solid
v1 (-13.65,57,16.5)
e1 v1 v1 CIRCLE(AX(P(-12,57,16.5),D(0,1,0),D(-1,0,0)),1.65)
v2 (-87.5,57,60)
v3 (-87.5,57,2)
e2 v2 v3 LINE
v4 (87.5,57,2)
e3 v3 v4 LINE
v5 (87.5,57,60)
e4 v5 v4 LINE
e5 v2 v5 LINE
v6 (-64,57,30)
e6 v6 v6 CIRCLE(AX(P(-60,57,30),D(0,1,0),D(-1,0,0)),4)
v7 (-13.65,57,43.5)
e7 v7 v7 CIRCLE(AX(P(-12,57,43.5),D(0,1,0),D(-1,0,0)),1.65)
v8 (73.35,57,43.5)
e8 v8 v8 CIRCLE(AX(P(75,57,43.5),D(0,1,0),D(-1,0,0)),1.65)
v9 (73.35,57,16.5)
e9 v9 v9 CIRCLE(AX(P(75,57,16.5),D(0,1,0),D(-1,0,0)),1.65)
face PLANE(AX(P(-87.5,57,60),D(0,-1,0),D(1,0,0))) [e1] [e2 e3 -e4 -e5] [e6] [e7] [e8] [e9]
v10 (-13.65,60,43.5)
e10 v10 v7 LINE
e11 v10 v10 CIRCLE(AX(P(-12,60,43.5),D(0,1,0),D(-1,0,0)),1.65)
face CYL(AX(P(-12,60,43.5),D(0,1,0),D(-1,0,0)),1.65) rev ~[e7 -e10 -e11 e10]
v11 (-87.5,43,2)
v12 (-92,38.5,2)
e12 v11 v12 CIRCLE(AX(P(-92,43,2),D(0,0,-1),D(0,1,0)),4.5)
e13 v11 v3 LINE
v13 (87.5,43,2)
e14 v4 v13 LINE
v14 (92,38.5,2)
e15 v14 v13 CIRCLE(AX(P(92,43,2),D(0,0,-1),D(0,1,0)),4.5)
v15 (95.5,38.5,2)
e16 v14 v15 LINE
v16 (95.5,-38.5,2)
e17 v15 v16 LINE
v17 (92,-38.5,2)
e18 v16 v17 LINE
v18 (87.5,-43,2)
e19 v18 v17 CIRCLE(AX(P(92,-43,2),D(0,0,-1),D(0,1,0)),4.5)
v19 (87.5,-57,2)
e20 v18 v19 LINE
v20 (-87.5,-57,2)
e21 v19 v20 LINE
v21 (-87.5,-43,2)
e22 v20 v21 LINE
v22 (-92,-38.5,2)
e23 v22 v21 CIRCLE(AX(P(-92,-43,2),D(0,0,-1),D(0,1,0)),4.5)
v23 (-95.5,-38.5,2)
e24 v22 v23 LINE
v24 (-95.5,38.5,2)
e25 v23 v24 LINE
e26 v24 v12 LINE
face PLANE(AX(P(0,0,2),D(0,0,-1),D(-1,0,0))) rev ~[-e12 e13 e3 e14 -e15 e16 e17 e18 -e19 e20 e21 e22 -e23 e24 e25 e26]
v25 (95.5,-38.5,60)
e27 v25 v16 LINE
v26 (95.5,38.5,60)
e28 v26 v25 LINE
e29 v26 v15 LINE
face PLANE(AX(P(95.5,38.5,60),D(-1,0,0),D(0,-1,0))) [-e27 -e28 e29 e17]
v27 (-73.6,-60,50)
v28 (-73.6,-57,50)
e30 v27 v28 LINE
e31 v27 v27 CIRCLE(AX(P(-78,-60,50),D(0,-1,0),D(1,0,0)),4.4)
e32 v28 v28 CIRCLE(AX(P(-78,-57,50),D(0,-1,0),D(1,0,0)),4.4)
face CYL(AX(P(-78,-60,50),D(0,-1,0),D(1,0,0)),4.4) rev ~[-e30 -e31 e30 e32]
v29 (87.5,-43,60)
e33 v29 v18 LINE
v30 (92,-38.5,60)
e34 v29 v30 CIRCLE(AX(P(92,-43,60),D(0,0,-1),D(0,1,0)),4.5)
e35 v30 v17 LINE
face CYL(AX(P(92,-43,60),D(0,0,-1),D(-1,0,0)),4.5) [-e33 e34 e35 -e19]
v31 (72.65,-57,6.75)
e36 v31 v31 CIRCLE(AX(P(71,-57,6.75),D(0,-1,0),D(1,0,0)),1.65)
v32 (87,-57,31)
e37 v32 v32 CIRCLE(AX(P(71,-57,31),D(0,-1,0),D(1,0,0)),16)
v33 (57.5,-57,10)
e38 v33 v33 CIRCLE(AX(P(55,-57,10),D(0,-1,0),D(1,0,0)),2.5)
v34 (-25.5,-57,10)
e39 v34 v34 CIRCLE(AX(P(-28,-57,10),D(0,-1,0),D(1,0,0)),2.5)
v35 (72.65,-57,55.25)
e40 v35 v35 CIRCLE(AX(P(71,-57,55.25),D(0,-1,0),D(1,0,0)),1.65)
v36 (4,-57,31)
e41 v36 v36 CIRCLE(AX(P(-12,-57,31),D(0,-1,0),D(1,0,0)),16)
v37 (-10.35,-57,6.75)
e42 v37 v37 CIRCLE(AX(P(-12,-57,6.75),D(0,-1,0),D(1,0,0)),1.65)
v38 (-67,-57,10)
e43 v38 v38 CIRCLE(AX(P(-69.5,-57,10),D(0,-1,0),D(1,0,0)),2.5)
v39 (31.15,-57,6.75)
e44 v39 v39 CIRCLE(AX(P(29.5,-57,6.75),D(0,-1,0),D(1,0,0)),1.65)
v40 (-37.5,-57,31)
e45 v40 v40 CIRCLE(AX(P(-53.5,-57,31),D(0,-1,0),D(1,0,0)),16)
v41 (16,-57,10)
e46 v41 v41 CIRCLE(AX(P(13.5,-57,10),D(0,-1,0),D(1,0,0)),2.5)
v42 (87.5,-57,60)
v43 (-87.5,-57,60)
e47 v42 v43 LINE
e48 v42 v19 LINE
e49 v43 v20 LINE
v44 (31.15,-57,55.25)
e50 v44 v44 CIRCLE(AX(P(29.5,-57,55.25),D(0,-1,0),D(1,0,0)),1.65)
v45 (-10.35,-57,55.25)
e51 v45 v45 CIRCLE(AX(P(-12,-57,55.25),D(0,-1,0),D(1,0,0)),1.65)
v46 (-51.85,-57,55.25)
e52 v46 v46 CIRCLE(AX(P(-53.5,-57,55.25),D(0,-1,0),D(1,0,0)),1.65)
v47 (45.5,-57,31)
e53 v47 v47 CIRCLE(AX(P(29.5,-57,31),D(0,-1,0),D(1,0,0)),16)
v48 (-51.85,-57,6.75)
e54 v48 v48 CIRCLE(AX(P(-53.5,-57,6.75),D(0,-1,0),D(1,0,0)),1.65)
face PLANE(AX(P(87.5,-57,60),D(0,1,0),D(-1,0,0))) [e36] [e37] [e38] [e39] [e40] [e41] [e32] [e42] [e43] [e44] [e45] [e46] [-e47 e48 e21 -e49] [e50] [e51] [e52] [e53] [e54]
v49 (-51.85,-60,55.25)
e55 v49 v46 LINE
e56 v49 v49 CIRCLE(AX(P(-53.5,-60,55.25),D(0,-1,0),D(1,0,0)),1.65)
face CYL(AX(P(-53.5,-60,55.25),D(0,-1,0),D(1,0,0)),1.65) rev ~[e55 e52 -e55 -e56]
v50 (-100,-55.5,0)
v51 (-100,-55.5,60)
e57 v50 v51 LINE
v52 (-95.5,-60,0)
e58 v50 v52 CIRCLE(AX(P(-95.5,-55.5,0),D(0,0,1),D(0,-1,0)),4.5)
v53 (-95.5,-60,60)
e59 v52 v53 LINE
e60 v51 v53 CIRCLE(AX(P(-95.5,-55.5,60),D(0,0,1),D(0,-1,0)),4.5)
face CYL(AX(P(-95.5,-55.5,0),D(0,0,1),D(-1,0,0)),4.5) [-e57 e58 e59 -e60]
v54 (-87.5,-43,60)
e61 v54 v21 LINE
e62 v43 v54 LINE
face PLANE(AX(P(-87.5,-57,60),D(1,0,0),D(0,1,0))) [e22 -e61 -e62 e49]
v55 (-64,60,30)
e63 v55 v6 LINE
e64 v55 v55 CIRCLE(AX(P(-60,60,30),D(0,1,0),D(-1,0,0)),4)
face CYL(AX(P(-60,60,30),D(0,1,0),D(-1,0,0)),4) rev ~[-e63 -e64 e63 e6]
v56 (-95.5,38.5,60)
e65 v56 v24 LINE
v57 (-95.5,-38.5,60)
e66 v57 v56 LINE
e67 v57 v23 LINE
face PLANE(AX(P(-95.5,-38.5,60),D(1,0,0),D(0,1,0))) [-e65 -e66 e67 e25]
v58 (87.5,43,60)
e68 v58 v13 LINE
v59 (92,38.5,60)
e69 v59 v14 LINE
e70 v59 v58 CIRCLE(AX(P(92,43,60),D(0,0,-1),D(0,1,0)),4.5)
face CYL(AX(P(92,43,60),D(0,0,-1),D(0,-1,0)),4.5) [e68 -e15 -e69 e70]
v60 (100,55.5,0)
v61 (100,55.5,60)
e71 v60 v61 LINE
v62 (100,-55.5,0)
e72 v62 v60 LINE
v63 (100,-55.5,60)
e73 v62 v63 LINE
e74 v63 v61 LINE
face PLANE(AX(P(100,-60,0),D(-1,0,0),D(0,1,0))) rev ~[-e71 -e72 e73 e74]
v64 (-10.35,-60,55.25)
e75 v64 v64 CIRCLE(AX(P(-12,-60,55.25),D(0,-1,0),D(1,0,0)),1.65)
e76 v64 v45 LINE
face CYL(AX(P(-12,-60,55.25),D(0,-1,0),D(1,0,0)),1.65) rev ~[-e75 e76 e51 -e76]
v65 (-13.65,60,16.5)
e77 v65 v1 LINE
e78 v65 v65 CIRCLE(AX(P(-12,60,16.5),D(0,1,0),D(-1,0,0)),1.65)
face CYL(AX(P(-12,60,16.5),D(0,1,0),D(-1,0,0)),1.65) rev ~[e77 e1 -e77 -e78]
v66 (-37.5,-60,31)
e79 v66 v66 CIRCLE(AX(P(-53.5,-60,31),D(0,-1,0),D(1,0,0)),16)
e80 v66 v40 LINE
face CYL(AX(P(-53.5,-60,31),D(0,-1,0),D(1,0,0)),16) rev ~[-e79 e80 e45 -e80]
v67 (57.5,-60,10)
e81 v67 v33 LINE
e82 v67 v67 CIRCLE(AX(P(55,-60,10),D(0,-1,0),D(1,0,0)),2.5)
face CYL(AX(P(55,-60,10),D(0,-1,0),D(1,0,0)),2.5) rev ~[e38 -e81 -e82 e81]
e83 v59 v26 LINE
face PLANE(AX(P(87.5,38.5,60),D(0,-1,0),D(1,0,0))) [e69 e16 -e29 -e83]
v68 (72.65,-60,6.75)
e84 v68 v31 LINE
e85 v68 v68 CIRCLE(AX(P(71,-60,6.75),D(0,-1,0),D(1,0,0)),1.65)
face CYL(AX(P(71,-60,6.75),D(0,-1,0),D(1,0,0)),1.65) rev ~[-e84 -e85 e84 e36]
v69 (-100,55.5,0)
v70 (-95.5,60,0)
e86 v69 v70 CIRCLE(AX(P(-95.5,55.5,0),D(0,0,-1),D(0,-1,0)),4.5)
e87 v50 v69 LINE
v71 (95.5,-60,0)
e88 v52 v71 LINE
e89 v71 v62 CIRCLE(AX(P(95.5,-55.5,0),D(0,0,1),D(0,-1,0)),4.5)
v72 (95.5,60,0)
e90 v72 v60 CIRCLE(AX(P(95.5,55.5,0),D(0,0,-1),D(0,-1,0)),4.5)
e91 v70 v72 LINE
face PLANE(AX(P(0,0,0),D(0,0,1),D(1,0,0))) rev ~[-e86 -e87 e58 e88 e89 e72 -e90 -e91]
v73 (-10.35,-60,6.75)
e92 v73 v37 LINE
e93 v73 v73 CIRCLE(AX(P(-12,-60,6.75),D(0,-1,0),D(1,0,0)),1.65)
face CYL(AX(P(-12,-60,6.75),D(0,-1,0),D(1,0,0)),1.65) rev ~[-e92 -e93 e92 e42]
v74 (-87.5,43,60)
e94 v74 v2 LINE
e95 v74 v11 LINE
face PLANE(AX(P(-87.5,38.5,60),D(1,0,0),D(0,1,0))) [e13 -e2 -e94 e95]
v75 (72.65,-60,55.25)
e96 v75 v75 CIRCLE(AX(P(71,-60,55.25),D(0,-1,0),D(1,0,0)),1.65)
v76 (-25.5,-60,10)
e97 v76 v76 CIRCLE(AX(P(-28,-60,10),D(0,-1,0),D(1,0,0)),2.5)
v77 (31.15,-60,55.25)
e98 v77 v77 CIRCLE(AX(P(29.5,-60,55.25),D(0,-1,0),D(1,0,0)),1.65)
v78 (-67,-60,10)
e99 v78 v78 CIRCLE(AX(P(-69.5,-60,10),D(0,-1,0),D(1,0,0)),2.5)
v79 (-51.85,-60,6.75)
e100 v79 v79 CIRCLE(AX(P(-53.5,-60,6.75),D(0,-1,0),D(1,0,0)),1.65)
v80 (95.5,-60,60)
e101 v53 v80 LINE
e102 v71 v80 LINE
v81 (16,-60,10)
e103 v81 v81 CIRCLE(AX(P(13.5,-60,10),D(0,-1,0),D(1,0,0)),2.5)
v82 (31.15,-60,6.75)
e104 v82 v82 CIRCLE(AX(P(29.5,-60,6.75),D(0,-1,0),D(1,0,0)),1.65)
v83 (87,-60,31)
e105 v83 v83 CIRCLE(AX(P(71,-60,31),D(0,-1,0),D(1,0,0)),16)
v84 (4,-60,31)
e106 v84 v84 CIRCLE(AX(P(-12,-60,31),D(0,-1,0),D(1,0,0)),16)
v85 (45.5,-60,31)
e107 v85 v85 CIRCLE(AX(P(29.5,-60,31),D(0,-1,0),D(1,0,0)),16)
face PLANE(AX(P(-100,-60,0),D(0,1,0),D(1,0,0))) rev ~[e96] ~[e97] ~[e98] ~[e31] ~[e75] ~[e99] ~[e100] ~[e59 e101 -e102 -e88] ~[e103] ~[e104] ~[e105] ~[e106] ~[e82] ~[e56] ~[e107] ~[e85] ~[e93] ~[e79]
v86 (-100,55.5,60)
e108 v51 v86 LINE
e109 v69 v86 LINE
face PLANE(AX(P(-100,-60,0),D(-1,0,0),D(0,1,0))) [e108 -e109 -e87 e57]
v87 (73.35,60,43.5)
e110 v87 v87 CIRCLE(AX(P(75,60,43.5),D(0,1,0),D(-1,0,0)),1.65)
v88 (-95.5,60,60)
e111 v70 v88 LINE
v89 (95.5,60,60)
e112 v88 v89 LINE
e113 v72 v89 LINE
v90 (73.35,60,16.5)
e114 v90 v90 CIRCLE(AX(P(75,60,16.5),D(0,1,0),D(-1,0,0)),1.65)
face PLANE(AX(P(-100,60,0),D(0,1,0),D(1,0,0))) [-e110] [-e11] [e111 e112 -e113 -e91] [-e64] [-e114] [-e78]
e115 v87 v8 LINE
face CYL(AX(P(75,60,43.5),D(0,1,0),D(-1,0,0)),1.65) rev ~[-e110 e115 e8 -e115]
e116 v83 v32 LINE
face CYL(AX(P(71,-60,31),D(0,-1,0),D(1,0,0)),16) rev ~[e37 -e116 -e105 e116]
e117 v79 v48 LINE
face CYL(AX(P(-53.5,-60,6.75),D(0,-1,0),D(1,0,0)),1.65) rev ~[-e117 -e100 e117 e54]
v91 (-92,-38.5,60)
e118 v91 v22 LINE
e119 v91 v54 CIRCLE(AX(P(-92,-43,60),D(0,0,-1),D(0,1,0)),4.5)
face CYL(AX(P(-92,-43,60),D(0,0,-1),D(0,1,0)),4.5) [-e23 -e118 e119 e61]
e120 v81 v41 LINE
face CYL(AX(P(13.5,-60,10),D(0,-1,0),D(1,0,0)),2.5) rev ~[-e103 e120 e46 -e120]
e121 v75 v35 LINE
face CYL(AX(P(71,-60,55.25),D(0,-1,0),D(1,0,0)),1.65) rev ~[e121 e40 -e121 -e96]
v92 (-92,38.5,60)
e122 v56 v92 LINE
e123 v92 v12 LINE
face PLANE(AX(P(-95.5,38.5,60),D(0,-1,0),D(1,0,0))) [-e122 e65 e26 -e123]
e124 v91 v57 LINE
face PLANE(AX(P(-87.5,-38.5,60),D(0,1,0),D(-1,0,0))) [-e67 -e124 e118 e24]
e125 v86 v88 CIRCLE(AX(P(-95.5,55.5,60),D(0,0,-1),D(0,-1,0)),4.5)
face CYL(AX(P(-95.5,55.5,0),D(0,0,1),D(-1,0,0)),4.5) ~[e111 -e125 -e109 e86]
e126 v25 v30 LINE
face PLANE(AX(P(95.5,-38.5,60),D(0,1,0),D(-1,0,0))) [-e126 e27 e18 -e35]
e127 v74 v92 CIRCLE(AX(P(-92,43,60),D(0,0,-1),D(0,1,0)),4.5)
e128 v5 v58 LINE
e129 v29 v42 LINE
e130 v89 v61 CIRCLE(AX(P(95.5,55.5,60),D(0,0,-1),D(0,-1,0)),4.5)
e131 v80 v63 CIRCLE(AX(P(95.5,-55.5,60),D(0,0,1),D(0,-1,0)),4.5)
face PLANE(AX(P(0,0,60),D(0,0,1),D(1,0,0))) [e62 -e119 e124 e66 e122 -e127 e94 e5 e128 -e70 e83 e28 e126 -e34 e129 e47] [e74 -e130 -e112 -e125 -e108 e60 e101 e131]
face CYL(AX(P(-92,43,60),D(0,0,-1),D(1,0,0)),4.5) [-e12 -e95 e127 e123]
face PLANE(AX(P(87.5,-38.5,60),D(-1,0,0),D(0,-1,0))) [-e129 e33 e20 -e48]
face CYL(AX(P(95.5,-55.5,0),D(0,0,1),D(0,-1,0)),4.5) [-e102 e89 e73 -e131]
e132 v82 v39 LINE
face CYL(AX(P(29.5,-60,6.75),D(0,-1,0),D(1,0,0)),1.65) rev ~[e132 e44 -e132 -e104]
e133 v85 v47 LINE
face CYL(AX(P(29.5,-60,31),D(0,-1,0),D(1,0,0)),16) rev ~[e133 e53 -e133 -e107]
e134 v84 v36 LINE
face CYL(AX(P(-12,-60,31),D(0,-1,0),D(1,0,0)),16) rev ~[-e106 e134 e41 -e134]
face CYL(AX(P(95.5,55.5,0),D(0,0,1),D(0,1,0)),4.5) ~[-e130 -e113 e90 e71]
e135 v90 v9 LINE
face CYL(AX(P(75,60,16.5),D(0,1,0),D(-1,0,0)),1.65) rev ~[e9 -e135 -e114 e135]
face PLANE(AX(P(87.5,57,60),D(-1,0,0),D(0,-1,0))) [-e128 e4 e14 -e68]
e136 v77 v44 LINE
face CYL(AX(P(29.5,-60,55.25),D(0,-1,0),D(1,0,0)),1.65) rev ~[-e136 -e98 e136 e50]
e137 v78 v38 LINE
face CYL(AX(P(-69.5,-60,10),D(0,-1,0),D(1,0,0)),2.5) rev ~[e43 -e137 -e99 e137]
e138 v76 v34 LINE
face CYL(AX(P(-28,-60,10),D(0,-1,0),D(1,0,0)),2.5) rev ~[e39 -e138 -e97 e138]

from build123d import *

# Parameters (mm, degrees)
SKETCH_W        = 200
SKETCH_H        = 120
PAD_DEPTH       = 60
SKETCH002_R     = 16
POCKET001_DEPTH = 5
POCKET_DEPTH    = 58
SKETCH004_R     = 1.65
HOLE_DEPTH      = 4
SKETCH005_R     = 4
POCKET002_DEPTH = 3
SKETCH006_R     = 4.4
HOLE001_DEPTH   = 22.356213
HOLE001_TIPS_R  = 4.4
SKETCH007_R     = 2.5
HOLE002_DEPTH   = 25
FILLET_R        = 4.5
FILLET001_R     = 4.5
SKETCH008_R     = 1.65
HOLE003_DEPTH   = 9.00858
HOLE003_TIPS_R  = 1.65


with BuildPart() as part:
    # Sketch → Pad (new body)
    with BuildSketch(Plane.XY):
        Rectangle(SKETCH_W, SKETCH_H)
    extrude(amount=PAD_DEPTH)

    # Sketch002 (on Face3 of Pad) → Pocket001 (cut)
    with BuildSketch(Plane.XZ.offset(60)):
        with Locations((-53.5, 31)):
            Circle(SKETCH002_R)
        with Locations((-12, 31)):
            Circle(SKETCH002_R)
        with Locations((29.5, 31)):
            Circle(SKETCH002_R)
        with Locations((71, 31)):
            Circle(SKETCH002_R)
    extrude(amount=-POCKET001_DEPTH, mode=Mode.SUBTRACT)

    # Sketch003 (on Face6 of Pad) → Pocket (cut)
    with BuildSketch(Plane.XY.offset(60)):
        Polygon((-87.5, 57), (87.5, 57), (87.5, 38.5), (95.5, 38.5), (95.5, -38.5), (87.5, -38.5), (87.5, -57), (-87.5, -57), (-87.5, -38.5), (-95.5, -38.5), (-95.5, 38.5), (-87.5, 38.5), align=None)
    extrude(amount=-POCKET_DEPTH, mode=Mode.SUBTRACT)

    # Sketch004 (on Face1 of Pocket) → Hole (cut)
    with BuildSketch(Plane(origin=(0, 60, 0), x_dir=(-1, 0, 0), z_dir=(0, 1, 0))):
        with Locations((-75, 43.5)):
            Circle(SKETCH004_R)
        with Locations((12, 43.5)):
            Circle(SKETCH004_R)
        with Locations((12, 16.5)):
            Circle(SKETCH004_R)
        with Locations((-75, 16.5)):
            Circle(SKETCH004_R)
    extrude(amount=-HOLE_DEPTH, mode=Mode.SUBTRACT)

    # Sketch005 (on Face1 of Hole) → Pocket002 (cut)
    with BuildSketch(Plane(origin=(0, 60, 0), x_dir=(-1, 0, 0), z_dir=(0, 1, 0))):
        with Locations((60, 30)):
            Circle(SKETCH005_R)
    extrude(amount=-POCKET002_DEPTH, mode=Mode.SUBTRACT)

    # Sketch006 (on Face11 of Pocket002) → Hole001 (cut)
    with BuildSketch(Plane.XZ.offset(60)):
        with Locations((-78, 50)):
            Circle(SKETCH006_R)
    extrude(amount=-HOLE001_DEPTH, mode=Mode.SUBTRACT)

    # Hole001 tips → Hole001 tip 1 section 0
    with BuildSketch(Plane.XZ.offset(37.643787), mode=Mode.PRIVATE) as hole001_tip_1_s0:
        with Locations((-78, 50)):
            Circle(HOLE001_TIPS_R)
    loft([hole001_tip_1_s0.sketch, Vertex(-78, -35, 50)], mode=Mode.SUBTRACT)

    # Sketch007 (on Face11 of Hole001) → Hole002 (cut)
    with BuildSketch(Plane.XZ.offset(60)):
        with Locations((-69.5, 10)):
            Circle(SKETCH007_R)
        with Locations((-28, 10)):
            Circle(SKETCH007_R)
        with Locations((13.5, 10)):
            Circle(SKETCH007_R)
        with Locations((55, 10)):
            Circle(SKETCH007_R)
    extrude(amount=-HOLE002_DEPTH, mode=Mode.SUBTRACT)

    # Fillet
    fillet_edges = [part.edges().sort_by_distance(p)[0] for p in [
        (-100, -60, 30),
        (-100, 60, 30),
        (100, -60, 30),
        (100, 60, 30),
    ]]
    fillet(fillet_edges, radius=FILLET_R)

    # Fillet001
    fillet001_edges = [part.edges().sort_by_distance(p)[0] for p in [
        (87.5, 38.5, 31),
        (-87.5, 38.5, 31),
        (-87.5, -38.5, 31),
        (87.5, -38.5, 31),
    ]]
    fillet(fillet001_edges, radius=FILLET001_R)

    # Sketch008 (on Face11 of Hole002) → Hole003 (cut)
    with BuildSketch(Plane.XZ.offset(60)):
        with Locations((-53.5, 55.25)):
            Circle(SKETCH008_R)
        with Locations((-12, 55.25)):
            Circle(SKETCH008_R)
        with Locations((29.5, 55.25)):
            Circle(SKETCH008_R)
        with Locations((71, 55.25)):
            Circle(SKETCH008_R)
        with Locations((71, 6.75)):
            Circle(SKETCH008_R)
        with Locations((29.5, 6.75)):
            Circle(SKETCH008_R)
        with Locations((-12, 6.75)):
            Circle(SKETCH008_R)
        with Locations((-53.5, 6.75)):
            Circle(SKETCH008_R)
    extrude(amount=-HOLE003_DEPTH, mode=Mode.SUBTRACT)

    # Hole003 tips → Hole003 tip 1 section 0
    with BuildSketch(Plane.XZ.offset(50.99142), mode=Mode.PRIVATE) as hole003_tip_1_s0:
        with Locations((-53.5, 55.25)):
            Circle(HOLE003_TIPS_R)
    loft([hole003_tip_1_s0.sketch, Vertex(-53.5, -50, 55.25)], mode=Mode.SUBTRACT)

    # Hole003 tips → Hole003 tip 2 section 0
    with BuildSketch(Plane.XZ.offset(50.99142), mode=Mode.PRIVATE) as hole003_tip_2_s0:
        with Locations((-12, 55.25)):
            Circle(HOLE003_TIPS_R)
    loft([hole003_tip_2_s0.sketch, Vertex(-12, -50, 55.25)], mode=Mode.SUBTRACT)

    # Hole003 tips → Hole003 tip 3 section 0
    with BuildSketch(Plane.XZ.offset(50.99142), mode=Mode.PRIVATE) as hole003_tip_3_s0:
        with Locations((29.5, 55.25)):
            Circle(HOLE003_TIPS_R)
    loft([hole003_tip_3_s0.sketch, Vertex(29.5, -50, 55.25)], mode=Mode.SUBTRACT)

    # Hole003 tips → Hole003 tip 4 section 0
    with BuildSketch(Plane.XZ.offset(50.99142), mode=Mode.PRIVATE) as hole003_tip_4_s0:
        with Locations((71, 55.25)):
            Circle(HOLE003_TIPS_R)
    loft([hole003_tip_4_s0.sketch, Vertex(71, -50, 55.25)], mode=Mode.SUBTRACT)

    # Hole003 tips → Hole003 tip 5 section 0
    with BuildSketch(Plane.XZ.offset(50.99142), mode=Mode.PRIVATE) as hole003_tip_5_s0:
        with Locations((71, 6.75)):
            Circle(HOLE003_TIPS_R)
    loft([hole003_tip_5_s0.sketch, Vertex(71, -50, 6.75)], mode=Mode.SUBTRACT)

    # Hole003 tips → Hole003 tip 6 section 0
    with BuildSketch(Plane.XZ.offset(50.99142), mode=Mode.PRIVATE) as hole003_tip_6_s0:
        with Locations((29.5, 6.75)):
            Circle(HOLE003_TIPS_R)
    loft([hole003_tip_6_s0.sketch, Vertex(29.5, -50, 6.75)], mode=Mode.SUBTRACT)

    # Hole003 tips → Hole003 tip 7 section 0
    with BuildSketch(Plane.XZ.offset(50.99142), mode=Mode.PRIVATE) as hole003_tip_7_s0:
        with Locations((-12, 6.75)):
            Circle(HOLE003_TIPS_R)
    loft([hole003_tip_7_s0.sketch, Vertex(-12, -50, 6.75)], mode=Mode.SUBTRACT)

    # Hole003 tips → Hole003 tip 8 section 0
    with BuildSketch(Plane.XZ.offset(50.99142), mode=Mode.PRIVATE) as hole003_tip_8_s0:
        with Locations((-53.5, 6.75)):
            Circle(HOLE003_TIPS_R)
    loft([hole003_tip_8_s0.sketch, Vertex(-53.5, -50, 6.75)], mode=Mode.SUBTRACT)


solid = part.part
